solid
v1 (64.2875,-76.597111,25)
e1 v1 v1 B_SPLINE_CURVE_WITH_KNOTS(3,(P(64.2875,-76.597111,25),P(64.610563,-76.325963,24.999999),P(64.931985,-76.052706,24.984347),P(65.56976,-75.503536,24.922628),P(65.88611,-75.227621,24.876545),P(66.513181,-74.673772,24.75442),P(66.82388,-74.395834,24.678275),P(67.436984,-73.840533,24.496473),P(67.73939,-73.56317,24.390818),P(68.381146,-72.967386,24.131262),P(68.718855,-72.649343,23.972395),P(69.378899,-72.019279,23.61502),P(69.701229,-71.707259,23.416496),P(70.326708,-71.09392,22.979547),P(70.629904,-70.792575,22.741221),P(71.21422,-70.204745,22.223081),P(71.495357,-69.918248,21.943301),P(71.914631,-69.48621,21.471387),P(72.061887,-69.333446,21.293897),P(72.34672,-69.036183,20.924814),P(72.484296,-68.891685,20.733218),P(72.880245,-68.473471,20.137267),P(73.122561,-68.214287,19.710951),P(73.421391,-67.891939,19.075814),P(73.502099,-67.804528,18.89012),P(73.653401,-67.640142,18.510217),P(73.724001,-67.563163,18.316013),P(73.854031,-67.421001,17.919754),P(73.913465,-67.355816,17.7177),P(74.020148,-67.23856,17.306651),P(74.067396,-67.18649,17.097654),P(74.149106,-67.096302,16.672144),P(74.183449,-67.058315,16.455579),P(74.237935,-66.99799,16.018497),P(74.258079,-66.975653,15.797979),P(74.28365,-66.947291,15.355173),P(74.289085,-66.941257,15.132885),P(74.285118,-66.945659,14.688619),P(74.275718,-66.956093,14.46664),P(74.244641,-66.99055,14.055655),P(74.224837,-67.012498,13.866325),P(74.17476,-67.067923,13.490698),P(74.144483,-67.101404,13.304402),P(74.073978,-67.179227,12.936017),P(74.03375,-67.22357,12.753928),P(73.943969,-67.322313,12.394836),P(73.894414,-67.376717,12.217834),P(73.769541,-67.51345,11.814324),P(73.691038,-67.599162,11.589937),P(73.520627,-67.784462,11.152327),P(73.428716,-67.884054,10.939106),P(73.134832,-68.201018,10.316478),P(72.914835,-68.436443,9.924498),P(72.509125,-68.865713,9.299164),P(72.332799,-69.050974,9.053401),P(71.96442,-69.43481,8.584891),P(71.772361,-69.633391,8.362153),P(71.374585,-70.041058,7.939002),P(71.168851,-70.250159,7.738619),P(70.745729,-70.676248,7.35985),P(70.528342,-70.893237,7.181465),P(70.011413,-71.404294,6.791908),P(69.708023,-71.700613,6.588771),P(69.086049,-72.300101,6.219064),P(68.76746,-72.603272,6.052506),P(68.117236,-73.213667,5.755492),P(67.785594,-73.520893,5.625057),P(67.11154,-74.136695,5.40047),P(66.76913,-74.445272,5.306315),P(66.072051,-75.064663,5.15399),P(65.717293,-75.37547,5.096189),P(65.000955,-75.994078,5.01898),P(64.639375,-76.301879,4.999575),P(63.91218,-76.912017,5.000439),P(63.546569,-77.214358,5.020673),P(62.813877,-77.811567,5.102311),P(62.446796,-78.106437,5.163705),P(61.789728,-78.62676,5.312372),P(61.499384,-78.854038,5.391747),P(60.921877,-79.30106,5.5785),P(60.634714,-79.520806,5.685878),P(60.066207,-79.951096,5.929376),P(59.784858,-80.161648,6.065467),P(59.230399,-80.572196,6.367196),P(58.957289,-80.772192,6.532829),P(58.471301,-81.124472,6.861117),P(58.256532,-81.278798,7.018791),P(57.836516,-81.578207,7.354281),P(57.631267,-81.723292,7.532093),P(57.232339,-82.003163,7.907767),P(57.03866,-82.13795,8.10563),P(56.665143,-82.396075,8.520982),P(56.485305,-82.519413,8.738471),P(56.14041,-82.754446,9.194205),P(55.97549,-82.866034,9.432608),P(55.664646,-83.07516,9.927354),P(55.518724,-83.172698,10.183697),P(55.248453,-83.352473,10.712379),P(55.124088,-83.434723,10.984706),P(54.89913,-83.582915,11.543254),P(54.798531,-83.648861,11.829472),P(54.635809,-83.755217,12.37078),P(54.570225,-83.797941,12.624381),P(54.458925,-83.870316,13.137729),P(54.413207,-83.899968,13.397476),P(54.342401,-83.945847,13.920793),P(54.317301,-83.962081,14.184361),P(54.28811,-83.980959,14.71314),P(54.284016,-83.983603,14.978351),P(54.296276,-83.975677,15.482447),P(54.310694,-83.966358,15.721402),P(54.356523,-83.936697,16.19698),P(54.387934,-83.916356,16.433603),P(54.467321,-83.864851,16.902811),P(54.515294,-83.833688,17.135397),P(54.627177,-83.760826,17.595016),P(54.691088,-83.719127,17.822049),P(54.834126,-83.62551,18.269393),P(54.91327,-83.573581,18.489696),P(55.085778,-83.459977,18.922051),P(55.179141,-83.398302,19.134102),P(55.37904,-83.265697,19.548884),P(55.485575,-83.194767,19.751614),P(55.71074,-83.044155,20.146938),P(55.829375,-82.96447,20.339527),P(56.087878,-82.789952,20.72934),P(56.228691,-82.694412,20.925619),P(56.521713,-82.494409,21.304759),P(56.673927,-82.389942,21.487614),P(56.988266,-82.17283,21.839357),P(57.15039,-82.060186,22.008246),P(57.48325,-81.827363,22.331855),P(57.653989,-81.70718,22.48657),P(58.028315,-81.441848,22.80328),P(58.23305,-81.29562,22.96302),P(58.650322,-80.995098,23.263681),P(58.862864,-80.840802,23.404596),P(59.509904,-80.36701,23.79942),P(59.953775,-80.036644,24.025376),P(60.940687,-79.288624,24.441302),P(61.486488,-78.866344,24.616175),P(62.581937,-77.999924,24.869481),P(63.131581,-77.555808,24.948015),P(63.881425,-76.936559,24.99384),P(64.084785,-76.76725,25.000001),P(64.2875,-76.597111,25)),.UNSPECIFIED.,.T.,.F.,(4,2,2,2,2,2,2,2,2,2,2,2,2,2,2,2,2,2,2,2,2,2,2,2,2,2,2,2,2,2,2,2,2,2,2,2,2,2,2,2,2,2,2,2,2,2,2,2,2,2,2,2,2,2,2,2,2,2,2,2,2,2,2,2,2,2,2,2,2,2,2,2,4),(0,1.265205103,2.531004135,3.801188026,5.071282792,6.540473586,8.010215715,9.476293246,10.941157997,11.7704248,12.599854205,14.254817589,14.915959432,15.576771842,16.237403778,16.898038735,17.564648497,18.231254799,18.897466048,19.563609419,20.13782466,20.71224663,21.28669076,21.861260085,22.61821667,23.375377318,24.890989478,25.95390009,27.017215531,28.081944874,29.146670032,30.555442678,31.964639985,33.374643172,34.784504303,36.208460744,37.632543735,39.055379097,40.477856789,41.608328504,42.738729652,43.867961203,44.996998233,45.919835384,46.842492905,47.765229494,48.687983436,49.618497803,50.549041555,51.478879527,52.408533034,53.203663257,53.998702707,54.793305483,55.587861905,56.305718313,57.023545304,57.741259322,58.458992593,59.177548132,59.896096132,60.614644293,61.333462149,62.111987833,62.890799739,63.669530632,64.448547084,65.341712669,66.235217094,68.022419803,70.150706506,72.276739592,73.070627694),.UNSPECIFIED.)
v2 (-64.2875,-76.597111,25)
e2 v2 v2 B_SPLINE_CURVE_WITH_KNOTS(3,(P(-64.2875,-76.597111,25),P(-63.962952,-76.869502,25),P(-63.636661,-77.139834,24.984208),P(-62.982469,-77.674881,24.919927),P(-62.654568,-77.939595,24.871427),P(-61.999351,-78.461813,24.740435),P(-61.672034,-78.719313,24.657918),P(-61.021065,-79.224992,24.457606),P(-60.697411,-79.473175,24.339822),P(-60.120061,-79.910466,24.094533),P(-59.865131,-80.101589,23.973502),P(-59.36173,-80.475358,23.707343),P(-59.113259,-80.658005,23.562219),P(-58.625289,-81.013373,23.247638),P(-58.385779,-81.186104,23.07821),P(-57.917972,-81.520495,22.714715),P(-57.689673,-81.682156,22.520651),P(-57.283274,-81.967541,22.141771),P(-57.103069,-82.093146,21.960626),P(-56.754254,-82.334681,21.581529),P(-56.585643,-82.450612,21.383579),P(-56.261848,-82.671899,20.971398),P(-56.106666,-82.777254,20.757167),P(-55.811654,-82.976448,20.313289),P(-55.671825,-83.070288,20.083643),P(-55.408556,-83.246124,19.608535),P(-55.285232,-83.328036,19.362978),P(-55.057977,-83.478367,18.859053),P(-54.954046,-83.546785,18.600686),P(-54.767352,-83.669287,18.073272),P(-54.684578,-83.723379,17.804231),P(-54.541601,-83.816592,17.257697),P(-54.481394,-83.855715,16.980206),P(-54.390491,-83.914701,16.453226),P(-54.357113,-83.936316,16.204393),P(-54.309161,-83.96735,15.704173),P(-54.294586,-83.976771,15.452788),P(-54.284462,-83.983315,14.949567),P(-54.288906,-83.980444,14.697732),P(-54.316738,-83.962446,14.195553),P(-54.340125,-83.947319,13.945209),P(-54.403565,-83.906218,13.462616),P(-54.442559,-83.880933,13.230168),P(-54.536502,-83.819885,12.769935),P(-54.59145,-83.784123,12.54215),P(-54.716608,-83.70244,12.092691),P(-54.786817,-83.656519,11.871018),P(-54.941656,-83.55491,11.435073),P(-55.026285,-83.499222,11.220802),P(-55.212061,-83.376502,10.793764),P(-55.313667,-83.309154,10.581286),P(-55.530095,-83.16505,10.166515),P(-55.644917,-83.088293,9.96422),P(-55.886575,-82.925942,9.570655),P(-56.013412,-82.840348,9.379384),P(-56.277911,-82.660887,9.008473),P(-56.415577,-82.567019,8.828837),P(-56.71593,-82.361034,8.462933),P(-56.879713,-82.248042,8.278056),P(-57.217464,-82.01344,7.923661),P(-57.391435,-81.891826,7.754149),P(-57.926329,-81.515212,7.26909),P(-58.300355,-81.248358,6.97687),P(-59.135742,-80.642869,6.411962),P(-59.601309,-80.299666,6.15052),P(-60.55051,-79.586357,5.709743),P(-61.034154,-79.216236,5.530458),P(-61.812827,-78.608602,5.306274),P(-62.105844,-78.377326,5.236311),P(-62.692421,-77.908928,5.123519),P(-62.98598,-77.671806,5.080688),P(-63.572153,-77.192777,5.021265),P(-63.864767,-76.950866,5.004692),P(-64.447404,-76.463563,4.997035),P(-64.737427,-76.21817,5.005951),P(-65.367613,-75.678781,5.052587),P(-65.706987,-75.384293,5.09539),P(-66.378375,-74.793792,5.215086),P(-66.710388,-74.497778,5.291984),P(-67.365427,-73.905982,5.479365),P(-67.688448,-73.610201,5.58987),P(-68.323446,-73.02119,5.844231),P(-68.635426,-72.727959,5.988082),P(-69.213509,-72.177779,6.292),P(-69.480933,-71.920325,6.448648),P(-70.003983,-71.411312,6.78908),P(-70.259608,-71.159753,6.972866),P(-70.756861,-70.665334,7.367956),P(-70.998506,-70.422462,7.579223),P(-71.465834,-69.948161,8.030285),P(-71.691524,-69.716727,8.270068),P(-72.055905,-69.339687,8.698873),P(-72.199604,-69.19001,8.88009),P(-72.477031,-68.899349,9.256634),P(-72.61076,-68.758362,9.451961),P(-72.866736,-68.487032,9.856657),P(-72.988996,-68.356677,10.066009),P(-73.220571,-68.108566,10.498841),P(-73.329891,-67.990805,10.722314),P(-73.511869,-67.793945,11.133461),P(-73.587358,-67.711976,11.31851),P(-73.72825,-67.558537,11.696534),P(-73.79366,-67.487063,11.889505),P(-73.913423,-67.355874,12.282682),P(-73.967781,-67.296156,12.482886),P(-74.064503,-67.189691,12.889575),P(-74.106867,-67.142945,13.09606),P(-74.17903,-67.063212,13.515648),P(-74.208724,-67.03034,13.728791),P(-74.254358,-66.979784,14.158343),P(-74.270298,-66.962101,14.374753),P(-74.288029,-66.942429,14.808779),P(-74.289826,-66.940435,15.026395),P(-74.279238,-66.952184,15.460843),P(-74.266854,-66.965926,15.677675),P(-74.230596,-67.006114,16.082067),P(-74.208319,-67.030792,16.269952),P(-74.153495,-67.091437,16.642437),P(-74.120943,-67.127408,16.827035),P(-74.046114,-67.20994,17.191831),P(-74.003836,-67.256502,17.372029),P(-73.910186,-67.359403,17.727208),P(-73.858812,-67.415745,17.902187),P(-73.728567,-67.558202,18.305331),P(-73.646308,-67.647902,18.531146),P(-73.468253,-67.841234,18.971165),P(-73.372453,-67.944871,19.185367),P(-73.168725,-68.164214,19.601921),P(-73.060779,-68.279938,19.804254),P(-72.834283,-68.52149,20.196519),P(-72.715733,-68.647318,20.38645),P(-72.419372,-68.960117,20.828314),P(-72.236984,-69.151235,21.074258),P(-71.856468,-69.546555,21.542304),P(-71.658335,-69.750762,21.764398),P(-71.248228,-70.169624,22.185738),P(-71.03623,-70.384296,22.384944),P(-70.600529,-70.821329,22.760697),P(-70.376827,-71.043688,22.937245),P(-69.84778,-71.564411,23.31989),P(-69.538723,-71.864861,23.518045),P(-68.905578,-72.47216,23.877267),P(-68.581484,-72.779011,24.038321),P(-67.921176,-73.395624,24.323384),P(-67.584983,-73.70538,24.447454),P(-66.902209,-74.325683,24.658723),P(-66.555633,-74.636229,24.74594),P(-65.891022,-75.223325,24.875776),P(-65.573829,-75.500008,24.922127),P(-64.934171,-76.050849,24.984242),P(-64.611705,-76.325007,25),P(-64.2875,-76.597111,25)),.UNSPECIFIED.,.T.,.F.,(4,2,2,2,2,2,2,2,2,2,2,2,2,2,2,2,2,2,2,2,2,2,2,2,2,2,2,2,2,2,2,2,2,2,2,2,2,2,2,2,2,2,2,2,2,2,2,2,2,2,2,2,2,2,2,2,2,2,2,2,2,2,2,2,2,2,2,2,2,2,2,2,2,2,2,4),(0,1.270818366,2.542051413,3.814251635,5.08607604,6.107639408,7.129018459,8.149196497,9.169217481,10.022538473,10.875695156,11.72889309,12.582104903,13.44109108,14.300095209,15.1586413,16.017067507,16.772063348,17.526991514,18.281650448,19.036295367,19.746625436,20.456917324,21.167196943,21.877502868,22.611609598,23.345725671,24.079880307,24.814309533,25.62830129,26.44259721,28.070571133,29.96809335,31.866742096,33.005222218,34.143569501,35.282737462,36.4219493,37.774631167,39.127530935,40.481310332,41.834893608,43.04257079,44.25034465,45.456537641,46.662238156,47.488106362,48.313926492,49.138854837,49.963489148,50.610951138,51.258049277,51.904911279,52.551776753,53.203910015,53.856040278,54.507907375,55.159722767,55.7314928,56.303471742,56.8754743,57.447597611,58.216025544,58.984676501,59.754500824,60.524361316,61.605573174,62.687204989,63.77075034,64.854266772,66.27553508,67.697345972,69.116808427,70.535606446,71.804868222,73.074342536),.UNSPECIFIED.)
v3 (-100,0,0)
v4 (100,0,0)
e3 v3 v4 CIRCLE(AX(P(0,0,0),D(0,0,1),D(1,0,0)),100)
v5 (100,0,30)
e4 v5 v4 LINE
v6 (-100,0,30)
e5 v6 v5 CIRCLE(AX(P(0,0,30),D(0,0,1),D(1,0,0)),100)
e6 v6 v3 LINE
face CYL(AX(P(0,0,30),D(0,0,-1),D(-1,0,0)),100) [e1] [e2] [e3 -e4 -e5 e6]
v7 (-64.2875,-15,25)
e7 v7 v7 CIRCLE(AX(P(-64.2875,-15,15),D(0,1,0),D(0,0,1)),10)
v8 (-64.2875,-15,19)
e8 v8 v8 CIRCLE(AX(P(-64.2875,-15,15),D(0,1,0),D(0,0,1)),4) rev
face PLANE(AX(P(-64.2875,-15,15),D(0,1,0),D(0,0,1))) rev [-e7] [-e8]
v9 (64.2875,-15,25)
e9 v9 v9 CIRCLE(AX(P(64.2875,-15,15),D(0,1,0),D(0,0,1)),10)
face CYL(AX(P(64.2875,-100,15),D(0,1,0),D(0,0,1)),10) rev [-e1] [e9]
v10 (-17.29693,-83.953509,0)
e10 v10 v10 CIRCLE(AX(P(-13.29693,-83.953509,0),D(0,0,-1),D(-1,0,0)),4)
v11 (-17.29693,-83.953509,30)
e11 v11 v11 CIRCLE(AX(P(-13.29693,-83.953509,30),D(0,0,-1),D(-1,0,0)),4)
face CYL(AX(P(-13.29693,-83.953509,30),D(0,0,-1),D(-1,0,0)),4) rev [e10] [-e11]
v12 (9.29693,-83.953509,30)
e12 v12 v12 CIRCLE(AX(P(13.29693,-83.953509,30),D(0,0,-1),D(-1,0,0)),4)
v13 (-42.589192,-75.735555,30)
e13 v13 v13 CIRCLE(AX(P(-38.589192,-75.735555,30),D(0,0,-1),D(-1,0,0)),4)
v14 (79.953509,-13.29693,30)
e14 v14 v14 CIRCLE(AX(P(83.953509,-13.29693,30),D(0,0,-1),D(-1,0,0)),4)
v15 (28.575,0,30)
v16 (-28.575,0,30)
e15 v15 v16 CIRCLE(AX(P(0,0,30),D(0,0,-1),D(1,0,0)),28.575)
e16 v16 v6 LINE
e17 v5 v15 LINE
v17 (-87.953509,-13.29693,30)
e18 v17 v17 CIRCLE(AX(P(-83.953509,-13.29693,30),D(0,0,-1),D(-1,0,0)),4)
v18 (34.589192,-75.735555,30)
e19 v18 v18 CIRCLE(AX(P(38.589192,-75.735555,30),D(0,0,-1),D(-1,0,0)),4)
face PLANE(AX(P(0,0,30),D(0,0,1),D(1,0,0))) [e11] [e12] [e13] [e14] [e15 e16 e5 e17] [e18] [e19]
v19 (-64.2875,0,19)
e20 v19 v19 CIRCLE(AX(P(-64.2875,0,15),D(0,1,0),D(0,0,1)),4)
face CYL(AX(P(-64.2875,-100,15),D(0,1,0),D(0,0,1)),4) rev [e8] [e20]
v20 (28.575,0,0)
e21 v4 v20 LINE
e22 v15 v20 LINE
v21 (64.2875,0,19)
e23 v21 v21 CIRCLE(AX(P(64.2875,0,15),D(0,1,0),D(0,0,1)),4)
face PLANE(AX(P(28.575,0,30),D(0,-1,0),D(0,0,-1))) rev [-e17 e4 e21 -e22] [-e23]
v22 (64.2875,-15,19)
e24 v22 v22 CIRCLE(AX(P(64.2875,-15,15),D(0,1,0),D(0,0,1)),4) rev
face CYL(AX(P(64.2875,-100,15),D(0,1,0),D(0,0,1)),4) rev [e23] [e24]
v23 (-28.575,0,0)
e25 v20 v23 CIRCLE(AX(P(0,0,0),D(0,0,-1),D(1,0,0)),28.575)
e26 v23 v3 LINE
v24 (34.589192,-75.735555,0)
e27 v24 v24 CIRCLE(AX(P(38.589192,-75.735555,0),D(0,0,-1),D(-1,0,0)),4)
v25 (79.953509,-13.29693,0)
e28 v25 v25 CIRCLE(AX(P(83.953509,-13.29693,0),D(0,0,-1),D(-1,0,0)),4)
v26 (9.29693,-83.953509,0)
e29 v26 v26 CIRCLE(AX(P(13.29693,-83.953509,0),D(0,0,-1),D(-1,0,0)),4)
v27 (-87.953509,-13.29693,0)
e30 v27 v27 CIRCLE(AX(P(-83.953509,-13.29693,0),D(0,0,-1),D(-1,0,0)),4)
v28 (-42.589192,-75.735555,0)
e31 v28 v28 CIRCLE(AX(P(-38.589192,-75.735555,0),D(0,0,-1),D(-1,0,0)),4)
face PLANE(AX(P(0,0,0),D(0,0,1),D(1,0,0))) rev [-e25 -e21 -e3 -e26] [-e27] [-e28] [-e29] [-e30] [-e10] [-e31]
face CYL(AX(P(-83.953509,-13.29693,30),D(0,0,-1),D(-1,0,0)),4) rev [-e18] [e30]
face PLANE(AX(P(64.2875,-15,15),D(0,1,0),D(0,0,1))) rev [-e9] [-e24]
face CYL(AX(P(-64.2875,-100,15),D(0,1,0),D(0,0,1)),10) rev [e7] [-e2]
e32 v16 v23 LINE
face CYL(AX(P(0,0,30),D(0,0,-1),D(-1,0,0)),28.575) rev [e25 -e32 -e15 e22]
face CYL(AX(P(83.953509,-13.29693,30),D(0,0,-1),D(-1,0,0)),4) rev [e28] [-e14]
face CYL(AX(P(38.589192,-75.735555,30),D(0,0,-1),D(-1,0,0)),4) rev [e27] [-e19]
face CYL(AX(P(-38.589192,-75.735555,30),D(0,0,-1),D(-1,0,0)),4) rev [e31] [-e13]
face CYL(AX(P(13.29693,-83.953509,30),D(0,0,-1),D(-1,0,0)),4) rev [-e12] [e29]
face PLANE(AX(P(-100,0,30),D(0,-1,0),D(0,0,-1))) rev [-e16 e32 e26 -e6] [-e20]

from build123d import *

# Parameters (mm, degrees)
DODANIE_WYCI_GNI_CIE1_DEPTH = 30
SZKIC2_R                    = 4
WYTNIJ_WYCI_GNI_CIE1_DEPTH  = 145.568322948
SZKIC3_R                    = 10
WYTNIJ_WYCI_GNI_CIE2_DEPTH  = 135.629120338
WYTNIJ_WYCI_GNI_CIE5_DEPTH  = 145.568323107


with BuildPart() as part:
    # Szkic1 → Dodanie-wyciągnięcie1 (new body)
    with BuildSketch(Plane.XY):
        with BuildLine():
            Line((-100, 0), (-28.575, 0))
            ThreePointArc((-28.575, 0), (0, -28.575), (28.575, 0))
            Line((28.575, 0), (100, 0))
            ThreePointArc((100, 0), (0, -100), (-100, 0))
        make_face()
    extrude(amount=DODANIE_WYCI_GNI_CIE1_DEPTH)

    # Szkic2 → Wytnij-wyciągnięcie1 (cut, through all)
    with BuildSketch(Plane(origin=(0, 0, 0), x_dir=(1, 0, 0), z_dir=(0, 1, 0))):
        with Locations(Location((-64.2875, -15, 0), (0, 0, 270))):
            Circle(SZKIC2_R)
        with Locations(Location((64.2875, -15, 0), (0, 0, 270))):
            Circle(SZKIC2_R)
    extrude(amount=-WYTNIJ_WYCI_GNI_CIE1_DEPTH, mode=Mode.SUBTRACT)

    # Szkic3 → Wytnij-wyciągnięcie2 (cut, through all)
    with BuildSketch(Plane(origin=(0, -15, 0), x_dir=(1, 0, 0), z_dir=(0, 1, 0))):
        with Locations(Location((64.2875, -15, 0), (0, 0, 270))):
            Circle(SZKIC3_R)
        with Locations(Location((-64.2875, -15, 0), (0, 0, 270))):
            Circle(SZKIC3_R)
    extrude(amount=-WYTNIJ_WYCI_GNI_CIE2_DEPTH, mode=Mode.SUBTRACT)

    # Szkic5 → Wytnij-wyciągnięcie5 (cut, through all)
    with BuildSketch(Plane(origin=(0, 0, 0), x_dir=(-1, 0, 0), z_dir=(0, 0, -1))):
        with BuildLine():
            ThreePointArc((84.486114669, -9.332546708), (80.002755588, -12.671191668), (83.234985426, -17.231865861))
            ThreePointArc((83.234985426, -17.231865861), (83.953508951, -13.296929528), (84.486114669, -9.332546708))
        make_face()
        with BuildLine():
            ThreePointArc((84.486114669, -9.332546708), (83.953508951, -13.296929528), (83.234985426, -17.231865861))
            ThreePointArc((83.234985426, -17.231865861), (86.515335048, -16.368907238), (87.953508951, -13.296929528))
            ThreePointArc((87.953508951, -13.296929528), (86.964357907, -10.663530857), (84.486114669, -9.332546708))
        make_face()
        with BuildLine():
            ThreePointArc((84.486114669, -9.332546708), (80.002755588, -12.671191668), (83.234985426, -17.231865861))
            ThreePointArc((83.234985426, -17.231865861), (83.953508951, -13.296929528), (84.486114669, -9.332546708))
        make_face()
        with BuildLine():
            ThreePointArc((84.486114669, -9.332546708), (83.953508951, -13.296929528), (83.234985426, -17.231865861))
            ThreePointArc((83.234985426, -17.231865861), (86.515335048, -16.368907238), (87.953508951, -13.296929528))
            ThreePointArc((87.953508951, -13.296929528), (86.964357907, -10.663530857), (84.486114669, -9.332546708))
        make_face()
        with BuildLine():
            ThreePointArc((42.109503339, -73.836235878), (36.773230479, -72.171528459), (34.983424582, -77.467154359))
            ThreePointArc((34.983424582, -77.467154359), (38.589192478, -75.735554556), (42.109503339, -73.836235878))
        make_face()
        with BuildLine():
            ThreePointArc((42.109503339, -73.836235878), (38.589192478, -75.735554556), (34.983424582, -77.467154359))
            ThreePointArc((34.983424582, -77.467154359), (39.477147549, -79.635751447), (42.589192478, -75.735554556))
            ThreePointArc((42.589192478, -75.735554556), (42.46741652, -74.756075981), (42.109503339, -73.836235878))
        make_face()
        with BuildLine():
            ThreePointArc((42.109503339, -73.836235878), (36.773230479, -72.171528459), (34.983424582, -77.467154359))
            ThreePointArc((34.983424582, -77.467154359), (38.589192478, -75.735554556), (42.109503339, -73.836235878))
        make_face()
        with BuildLine():
            ThreePointArc((42.109503339, -73.836235878), (38.589192478, -75.735554556), (34.983424582, -77.467154359))
            ThreePointArc((34.983424582, -77.467154359), (39.477147549, -79.635751447), (42.589192478, -75.735554556))
            ThreePointArc((42.589192478, -75.735554556), (42.46741652, -74.756075981), (42.109503339, -73.836235878))
        make_face()
        with BuildLine():
            ThreePointArc((17.231865861, -83.234985426), (12.671191668, -80.002755588), (9.332546708, -84.486114669))
            ThreePointArc((9.332546708, -84.486114669), (13.296929528, -83.953508951), (17.231865861, -83.234985426))
        make_face()
        with BuildLine():
            ThreePointArc((17.231865861, -83.234985426), (13.296929528, -83.953508951), (9.332546708, -84.486114669))
            ThreePointArc((9.332546708, -84.486114669), (13.563827184, -87.944594723), (17.296929528, -83.953508951))
            ThreePointArc((17.296929528, -83.953508951), (17.280630404, -83.592777286), (17.231865861, -83.234985426))
        make_face()
        with BuildLine():
            ThreePointArc((17.231865861, -83.234985426), (12.671191668, -80.002755588), (9.332546708, -84.486114669))
            ThreePointArc((9.332546708, -84.486114669), (13.296929528, -83.953508951), (17.231865861, -83.234985426))
        make_face()
        with BuildLine():
            ThreePointArc((17.231865861, -83.234985426), (13.296929528, -83.953508951), (9.332546708, -84.486114669))
            ThreePointArc((9.332546708, -84.486114669), (13.563827184, -87.944594723), (17.296929528, -83.953508951))
            ThreePointArc((17.296929528, -83.953508951), (17.280630404, -83.592777286), (17.231865861, -83.234985426))
        make_face()
        with BuildLine():
            ThreePointArc((-17.231865861, -83.234985426), (-13.296929528, -83.953508951), (-9.332546708, -84.486114669))
            ThreePointArc((-9.332546708, -84.486114669), (-9.305843756, -84.220406607), (-9.296929528, -83.953508951))
            ThreePointArc((-9.296929528, -83.953508951), (-12.936197864, -79.969808075), (-17.231865861, -83.234985426))
        make_face()
        with BuildLine():
            ThreePointArc((-17.231865861, -83.234985426), (-13.922667389, -87.904262313), (-9.332546708, -84.486114669))
            ThreePointArc((-9.332546708, -84.486114669), (-13.296929528, -83.953508951), (-17.231865861, -83.234985426))
        make_face()
        with BuildLine():
            ThreePointArc((-17.231865861, -83.234985426), (-13.296929528, -83.953508951), (-9.332546708, -84.486114669))
            ThreePointArc((-9.332546708, -84.486114669), (-9.305843756, -84.220406607), (-9.296929528, -83.953508951))
            ThreePointArc((-9.296929528, -83.953508951), (-12.936197864, -79.969808075), (-17.231865861, -83.234985426))
        make_face()
        with BuildLine():
            ThreePointArc((-17.231865861, -83.234985426), (-13.922667389, -87.904262313), (-9.332546708, -84.486114669))
            ThreePointArc((-9.332546708, -84.486114669), (-13.296929528, -83.953508951), (-17.231865861, -83.234985426))
        make_face()
        with BuildLine():
            ThreePointArc((-34.983424582, -77.467154359), (-36.796495821, -76.622567794), (-38.589192478, -75.735554556))
            ThreePointArc((-38.589192478, -75.735554556), (-40.360521918, -74.806605795), (-42.109503339, -73.836235878))
            ThreePointArc((-42.109503339, -73.836235878), (-40.405154477, -79.299580653), (-34.983424582, -77.467154359))
        make_face()
        with BuildLine():
            ThreePointArc((-34.589192478, -75.735554556), (-35.17863182, -73.645560297), (-36.773230479, -72.171528459))
            Line((-36.773230479, -72.171528459), (-38.589192478, -75.735554556))
            ThreePointArc((-38.589192478, -75.735554556), (-36.796495821, -76.622567794), (-34.983424582, -77.467154359))
            ThreePointArc((-34.983424582, -77.467154359), (-34.688995586, -76.623509627), (-34.589192478, -75.735554556))
        make_face()
        with BuildLine():
            Line((-38.589192478, -75.735554556), (-36.773230479, -72.171528459))
            ThreePointArc((-36.773230479, -72.171528459), (-39.780416201, -71.917048822), (-42.109503339, -73.836235878))
            ThreePointArc((-42.109503339, -73.836235878), (-40.360521918, -74.806605795), (-38.589192478, -75.735554556))
        make_face()
        with BuildLine():
            ThreePointArc((-34.589192478, -75.735554556), (-35.17863182, -73.645560297), (-36.773230479, -72.171528459))
            Line((-36.773230479, -72.171528459), (-38.589192478, -75.735554556))
            ThreePointArc((-38.589192478, -75.735554556), (-36.796495821, -76.622567794), (-34.983424582, -77.467154359))
            ThreePointArc((-34.983424582, -77.467154359), (-34.688995586, -76.623509627), (-34.589192478, -75.735554556))
        make_face()
        with BuildLine():
            Line((-38.589192478, -75.735554556), (-36.773230479, -72.171528459))
            ThreePointArc((-36.773230479, -72.171528459), (-39.780416201, -71.917048822), (-42.109503339, -73.836235878))
            ThreePointArc((-42.109503339, -73.836235878), (-40.360521918, -74.806605795), (-38.589192478, -75.735554556))
        make_face()
        with BuildLine():
            ThreePointArc((-84.486114669, -9.332546708), (-87.904262313, -13.922667389), (-83.234985426, -17.231865861))
            ThreePointArc((-83.234985426, -17.231865861), (-83.953508951, -13.296929528), (-84.486114669, -9.332546708))
        make_face()
        with BuildLine():
            ThreePointArc((-84.486114669, -9.332546708), (-83.953508951, -13.296929528), (-83.234985426, -17.231865861))
            ThreePointArc((-83.234985426, -17.231865861), (-80.881531241, -15.858755625), (-79.953508951, -13.296929528))
            ThreePointArc((-79.953508951, -13.296929528), (-81.320110279, -10.286080572), (-84.486114669, -9.332546708))
        make_face()
        with BuildLine():
            ThreePointArc((-84.486114669, -9.332546708), (-87.904262313, -13.922667389), (-83.234985426, -17.231865861))
            ThreePointArc((-83.234985426, -17.231865861), (-83.953508951, -13.296929528), (-84.486114669, -9.332546708))
        make_face()
        with BuildLine():
            ThreePointArc((-84.486114669, -9.332546708), (-83.953508951, -13.296929528), (-83.234985426, -17.231865861))
            ThreePointArc((-83.234985426, -17.231865861), (-80.881531241, -15.858755625), (-79.953508951, -13.296929528))
            ThreePointArc((-79.953508951, -13.296929528), (-81.320110279, -10.286080572), (-84.486114669, -9.332546708))
        make_face()
    extrude(amount=-WYTNIJ_WYCI_GNI_CIE5_DEPTH, mode=Mode.SUBTRACT)


solid = part.part
